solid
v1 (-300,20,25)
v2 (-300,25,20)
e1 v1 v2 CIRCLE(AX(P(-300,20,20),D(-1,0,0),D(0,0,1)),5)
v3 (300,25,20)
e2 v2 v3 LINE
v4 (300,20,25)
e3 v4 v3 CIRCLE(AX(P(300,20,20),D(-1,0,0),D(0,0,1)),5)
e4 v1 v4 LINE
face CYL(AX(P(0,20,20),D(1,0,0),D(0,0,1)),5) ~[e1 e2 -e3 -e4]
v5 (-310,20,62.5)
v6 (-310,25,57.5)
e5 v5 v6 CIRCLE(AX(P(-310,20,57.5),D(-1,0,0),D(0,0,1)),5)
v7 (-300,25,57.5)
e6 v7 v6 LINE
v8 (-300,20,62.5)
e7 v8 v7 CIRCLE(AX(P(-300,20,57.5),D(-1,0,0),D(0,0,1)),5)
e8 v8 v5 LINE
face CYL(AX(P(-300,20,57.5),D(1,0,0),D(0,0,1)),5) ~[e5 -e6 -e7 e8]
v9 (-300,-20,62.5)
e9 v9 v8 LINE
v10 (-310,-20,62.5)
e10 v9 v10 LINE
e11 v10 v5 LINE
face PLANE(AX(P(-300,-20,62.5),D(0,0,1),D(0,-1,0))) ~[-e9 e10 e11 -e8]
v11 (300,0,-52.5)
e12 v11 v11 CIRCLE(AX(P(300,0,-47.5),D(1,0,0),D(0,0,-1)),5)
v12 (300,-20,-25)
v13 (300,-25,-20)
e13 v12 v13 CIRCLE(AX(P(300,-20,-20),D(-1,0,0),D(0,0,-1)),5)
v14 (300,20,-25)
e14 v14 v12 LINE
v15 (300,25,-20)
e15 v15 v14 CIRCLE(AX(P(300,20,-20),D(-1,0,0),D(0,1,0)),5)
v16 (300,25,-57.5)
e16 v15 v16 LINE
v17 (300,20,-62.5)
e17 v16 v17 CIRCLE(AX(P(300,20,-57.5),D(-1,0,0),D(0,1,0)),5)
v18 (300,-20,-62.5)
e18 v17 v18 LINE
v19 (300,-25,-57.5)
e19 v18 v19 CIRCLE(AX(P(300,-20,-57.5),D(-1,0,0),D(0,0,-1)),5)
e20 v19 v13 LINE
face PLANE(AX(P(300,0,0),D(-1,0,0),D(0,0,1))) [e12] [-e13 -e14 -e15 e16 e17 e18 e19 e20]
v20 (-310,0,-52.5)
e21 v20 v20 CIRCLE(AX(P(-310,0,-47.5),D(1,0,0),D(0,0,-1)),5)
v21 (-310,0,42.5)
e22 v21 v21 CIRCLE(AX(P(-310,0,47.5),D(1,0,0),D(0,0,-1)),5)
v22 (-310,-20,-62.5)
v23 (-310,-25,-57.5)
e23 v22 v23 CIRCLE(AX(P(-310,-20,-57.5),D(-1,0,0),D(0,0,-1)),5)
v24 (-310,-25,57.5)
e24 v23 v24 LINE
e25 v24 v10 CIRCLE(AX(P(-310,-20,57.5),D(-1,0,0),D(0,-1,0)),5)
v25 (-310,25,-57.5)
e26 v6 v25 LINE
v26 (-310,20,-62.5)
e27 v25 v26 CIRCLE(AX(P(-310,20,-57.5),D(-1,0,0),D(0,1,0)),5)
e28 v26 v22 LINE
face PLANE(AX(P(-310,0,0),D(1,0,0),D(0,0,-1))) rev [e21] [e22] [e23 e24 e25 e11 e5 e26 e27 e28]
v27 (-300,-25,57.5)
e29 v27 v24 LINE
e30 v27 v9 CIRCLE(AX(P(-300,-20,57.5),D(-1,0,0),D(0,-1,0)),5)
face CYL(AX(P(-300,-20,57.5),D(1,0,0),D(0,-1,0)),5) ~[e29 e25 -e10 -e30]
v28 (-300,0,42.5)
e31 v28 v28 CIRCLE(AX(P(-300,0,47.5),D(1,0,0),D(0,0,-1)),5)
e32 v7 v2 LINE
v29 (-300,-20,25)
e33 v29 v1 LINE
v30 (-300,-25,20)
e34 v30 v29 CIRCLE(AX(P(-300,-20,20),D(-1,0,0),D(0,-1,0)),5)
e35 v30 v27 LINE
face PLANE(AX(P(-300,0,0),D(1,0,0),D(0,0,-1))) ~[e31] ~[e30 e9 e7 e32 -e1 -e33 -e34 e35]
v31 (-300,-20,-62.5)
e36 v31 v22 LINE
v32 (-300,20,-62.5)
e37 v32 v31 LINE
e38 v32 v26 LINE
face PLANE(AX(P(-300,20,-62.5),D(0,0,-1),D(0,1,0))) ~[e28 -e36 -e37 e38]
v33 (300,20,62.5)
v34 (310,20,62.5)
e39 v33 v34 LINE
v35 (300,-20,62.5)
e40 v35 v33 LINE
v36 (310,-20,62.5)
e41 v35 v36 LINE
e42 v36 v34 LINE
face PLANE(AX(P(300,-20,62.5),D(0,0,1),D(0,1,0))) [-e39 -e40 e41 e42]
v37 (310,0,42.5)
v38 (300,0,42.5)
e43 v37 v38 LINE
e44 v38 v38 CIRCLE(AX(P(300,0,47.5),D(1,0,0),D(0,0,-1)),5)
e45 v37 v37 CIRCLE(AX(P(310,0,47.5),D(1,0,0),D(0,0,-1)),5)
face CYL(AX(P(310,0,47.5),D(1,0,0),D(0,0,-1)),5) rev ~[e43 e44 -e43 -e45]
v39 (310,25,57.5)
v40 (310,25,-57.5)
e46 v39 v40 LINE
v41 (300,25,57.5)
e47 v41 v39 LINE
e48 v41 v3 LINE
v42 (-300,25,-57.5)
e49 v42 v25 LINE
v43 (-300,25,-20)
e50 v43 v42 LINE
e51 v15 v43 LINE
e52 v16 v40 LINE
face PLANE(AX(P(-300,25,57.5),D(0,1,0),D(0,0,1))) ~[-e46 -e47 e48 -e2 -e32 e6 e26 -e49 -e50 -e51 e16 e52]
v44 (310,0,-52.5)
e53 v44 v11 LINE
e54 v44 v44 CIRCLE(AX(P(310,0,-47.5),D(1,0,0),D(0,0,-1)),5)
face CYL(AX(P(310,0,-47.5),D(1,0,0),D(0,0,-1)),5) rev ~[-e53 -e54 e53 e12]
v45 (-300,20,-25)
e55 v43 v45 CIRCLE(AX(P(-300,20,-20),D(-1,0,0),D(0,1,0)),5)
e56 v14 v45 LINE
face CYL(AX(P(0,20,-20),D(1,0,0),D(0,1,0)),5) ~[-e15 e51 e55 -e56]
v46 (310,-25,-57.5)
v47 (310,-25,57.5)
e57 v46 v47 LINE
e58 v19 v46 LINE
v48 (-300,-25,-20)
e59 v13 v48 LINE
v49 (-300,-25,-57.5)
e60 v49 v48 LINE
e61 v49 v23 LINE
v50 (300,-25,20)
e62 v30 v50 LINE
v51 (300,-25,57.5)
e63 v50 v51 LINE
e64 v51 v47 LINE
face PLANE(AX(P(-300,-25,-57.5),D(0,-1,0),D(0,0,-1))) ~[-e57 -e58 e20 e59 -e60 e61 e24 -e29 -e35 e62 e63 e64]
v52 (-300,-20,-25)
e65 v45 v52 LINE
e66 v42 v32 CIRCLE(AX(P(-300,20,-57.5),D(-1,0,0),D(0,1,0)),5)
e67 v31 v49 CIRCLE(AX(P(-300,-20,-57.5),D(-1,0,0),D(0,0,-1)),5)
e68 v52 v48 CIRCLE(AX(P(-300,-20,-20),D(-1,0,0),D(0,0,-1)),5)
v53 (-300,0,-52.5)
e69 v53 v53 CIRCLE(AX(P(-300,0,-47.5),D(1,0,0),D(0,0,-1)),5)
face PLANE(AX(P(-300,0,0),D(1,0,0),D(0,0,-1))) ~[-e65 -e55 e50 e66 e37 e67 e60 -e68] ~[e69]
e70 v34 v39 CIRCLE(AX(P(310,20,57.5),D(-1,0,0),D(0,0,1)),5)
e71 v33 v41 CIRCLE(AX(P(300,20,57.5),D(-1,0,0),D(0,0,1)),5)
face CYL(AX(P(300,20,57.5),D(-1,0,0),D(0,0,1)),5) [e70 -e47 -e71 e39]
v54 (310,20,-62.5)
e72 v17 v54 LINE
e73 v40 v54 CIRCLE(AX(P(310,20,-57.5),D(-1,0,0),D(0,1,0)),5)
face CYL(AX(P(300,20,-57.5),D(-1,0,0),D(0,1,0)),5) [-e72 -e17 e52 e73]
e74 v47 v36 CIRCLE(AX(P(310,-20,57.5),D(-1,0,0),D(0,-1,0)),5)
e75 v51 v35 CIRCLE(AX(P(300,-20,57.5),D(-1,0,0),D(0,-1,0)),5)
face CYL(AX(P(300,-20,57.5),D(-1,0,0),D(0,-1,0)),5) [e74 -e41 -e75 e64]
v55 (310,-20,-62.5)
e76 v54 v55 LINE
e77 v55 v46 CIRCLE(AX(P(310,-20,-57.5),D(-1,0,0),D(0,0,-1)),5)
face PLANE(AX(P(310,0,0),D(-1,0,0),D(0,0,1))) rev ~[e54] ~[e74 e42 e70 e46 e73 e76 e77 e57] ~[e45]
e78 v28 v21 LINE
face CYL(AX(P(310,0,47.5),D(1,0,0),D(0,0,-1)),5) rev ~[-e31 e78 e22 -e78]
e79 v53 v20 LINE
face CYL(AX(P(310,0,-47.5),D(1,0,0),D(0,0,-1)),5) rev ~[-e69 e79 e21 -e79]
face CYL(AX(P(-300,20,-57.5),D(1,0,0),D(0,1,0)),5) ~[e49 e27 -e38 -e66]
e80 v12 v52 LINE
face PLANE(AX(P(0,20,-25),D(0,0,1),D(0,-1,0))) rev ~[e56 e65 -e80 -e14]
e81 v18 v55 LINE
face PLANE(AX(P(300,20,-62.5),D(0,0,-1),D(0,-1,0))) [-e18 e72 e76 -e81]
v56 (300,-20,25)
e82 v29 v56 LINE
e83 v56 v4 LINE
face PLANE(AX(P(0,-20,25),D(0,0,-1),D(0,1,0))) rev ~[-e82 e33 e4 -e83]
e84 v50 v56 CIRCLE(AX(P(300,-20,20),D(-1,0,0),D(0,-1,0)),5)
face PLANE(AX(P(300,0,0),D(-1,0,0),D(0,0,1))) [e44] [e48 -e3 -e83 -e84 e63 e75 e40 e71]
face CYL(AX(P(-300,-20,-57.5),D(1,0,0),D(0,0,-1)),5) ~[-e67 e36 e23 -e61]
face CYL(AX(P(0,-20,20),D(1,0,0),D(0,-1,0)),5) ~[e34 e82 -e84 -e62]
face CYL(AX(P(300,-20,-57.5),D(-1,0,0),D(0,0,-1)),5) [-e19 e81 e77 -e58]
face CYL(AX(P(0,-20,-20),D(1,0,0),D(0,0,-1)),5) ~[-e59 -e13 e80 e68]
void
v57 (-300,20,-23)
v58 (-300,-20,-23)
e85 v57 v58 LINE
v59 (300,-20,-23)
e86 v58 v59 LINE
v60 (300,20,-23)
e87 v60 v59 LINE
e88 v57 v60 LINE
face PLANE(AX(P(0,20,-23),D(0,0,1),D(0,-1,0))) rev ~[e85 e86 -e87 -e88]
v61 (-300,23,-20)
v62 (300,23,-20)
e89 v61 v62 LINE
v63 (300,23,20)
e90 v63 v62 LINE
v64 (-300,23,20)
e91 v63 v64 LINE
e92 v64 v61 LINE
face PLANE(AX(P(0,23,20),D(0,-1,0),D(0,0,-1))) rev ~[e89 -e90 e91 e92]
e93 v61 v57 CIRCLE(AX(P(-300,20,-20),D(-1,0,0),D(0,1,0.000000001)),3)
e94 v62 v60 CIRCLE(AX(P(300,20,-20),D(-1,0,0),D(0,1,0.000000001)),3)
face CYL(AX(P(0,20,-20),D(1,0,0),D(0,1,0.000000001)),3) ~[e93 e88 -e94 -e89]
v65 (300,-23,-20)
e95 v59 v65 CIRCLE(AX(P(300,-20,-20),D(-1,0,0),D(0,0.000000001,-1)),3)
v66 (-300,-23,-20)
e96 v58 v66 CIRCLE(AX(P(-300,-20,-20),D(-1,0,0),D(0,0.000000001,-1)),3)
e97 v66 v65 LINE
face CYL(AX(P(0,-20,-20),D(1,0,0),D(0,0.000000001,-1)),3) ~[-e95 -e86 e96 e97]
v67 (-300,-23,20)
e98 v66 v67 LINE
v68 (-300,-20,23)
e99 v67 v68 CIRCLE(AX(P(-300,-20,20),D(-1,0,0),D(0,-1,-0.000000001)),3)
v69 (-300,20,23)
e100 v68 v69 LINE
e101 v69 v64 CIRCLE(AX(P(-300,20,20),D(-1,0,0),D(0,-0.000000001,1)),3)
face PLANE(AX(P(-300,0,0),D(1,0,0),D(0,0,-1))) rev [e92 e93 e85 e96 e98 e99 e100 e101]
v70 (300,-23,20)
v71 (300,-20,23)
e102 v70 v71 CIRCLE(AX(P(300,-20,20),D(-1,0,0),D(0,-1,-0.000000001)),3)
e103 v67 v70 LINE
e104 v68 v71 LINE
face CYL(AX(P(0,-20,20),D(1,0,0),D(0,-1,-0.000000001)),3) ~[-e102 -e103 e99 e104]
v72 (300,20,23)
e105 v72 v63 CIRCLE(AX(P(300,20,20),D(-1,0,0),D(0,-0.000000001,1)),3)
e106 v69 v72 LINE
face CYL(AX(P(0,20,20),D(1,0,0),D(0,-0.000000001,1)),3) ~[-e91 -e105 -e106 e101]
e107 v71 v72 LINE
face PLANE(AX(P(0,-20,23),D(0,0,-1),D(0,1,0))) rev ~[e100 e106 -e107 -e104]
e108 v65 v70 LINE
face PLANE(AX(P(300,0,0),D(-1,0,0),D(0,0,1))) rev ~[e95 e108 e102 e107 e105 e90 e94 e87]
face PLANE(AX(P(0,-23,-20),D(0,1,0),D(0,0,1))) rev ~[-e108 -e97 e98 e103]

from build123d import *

# Parameters (mm, degrees)
BOSS_EXTRUDE1_DEPTH = 300
BOSS_EXTRUDE2_DEPTH = 10
SKETCH3_R           = 5
CUT_EXTRUDE1_DEPTH  = 624.643527987


with BuildPart() as part:
    # Sketch1 → Boss-Extrude1 (new, symmetric)
    with BuildSketch(Plane(origin=(0, 0, 0), x_dir=(0, 0, -1), z_dir=(1, 0, 0))):
        with BuildLine():
            Line((-20, 25), (20, 25))
            ThreePointArc((20, 25), (23.535533906, 23.535533906), (25, 20))
            Line((25, 20), (25, -20))
            ThreePointArc((25, -20), (23.535533906, -23.535533906), (20, -25))
            Line((20, -25), (-20, -25))
            ThreePointArc((-20, -25), (-23.535533906, -23.535533906), (-25, -20))
            Line((-25, -20), (-25, 20))
            ThreePointArc((-25, 20), (-23.535533906, 23.535533906), (-20, 25))
        make_face()
        with BuildLine():
            Line((-20, 23), (20, 23))
            ThreePointArc((20, 23), (22.121320344, 22.121320344), (23, 20))
            Line((23, 20), (23, -20))
            ThreePointArc((23, -20), (22.121320344, -22.121320344), (20, -23))
            Line((20, -23), (-20, -23))
            ThreePointArc((-20, -23), (-22.121320344, -22.121320344), (-23, -20))
            Line((-23, -20), (-23, 20))
            ThreePointArc((-23, 20), (-22.121320344, 22.121320344), (-20, 23))
        make_face(mode=Mode.SUBTRACT)
    extrude(amount=BOSS_EXTRUDE1_DEPTH, both=True)

    # Sketch2 → Boss-Extrude2 (add)
    with BuildSketch(Plane(origin=(300, 0, 0), x_dir=(0, 0, -1), z_dir=(1, 0, 0))):
        with BuildLine():
            Line((-57.5, 25), (57.5, 25))
            ThreePointArc((57.5, 25), (61.035533906, 23.535533906), (62.5, 20))
            Line((62.5, 20), (62.5, -20))
            ThreePointArc((62.5, -20), (61.035533906, -23.535533906), (57.5, -25))
            Line((57.5, -25), (-57.5, -25))
            ThreePointArc((-57.5, -25), (-61.035533906, -23.535533906), (-62.5, -20))
            Line((-62.5, -20), (-62.5, 20))
            ThreePointArc((-62.5, 20), (-61.035533906, 23.535533906), (-57.5, 25))
        make_face()
    boss_extrude2 = extrude(amount=BOSS_EXTRUDE2_DEPTH)

    # Mirror1: Boss-Extrude2 across plane
    add(boss_extrude2.mirror(Plane(origin=(0, 0, 0), x_dir=(0, 0, 1), z_dir=(1, 0, 0))))

    # Sketch3 → Cut-Extrude1 (cut, through all)
    with BuildSketch(Plane(origin=(310, 0, 0), x_dir=(0, 0, -1), z_dir=(1, 0, 0))):
        with Locations((-47.5, 0)):
            Circle(SKETCH3_R)
        with Locations((47.5, 0)):
            Circle(SKETCH3_R)
    extrude(amount=-CUT_EXTRUDE1_DEPTH, mode=Mode.SUBTRACT)


solid = part.part
